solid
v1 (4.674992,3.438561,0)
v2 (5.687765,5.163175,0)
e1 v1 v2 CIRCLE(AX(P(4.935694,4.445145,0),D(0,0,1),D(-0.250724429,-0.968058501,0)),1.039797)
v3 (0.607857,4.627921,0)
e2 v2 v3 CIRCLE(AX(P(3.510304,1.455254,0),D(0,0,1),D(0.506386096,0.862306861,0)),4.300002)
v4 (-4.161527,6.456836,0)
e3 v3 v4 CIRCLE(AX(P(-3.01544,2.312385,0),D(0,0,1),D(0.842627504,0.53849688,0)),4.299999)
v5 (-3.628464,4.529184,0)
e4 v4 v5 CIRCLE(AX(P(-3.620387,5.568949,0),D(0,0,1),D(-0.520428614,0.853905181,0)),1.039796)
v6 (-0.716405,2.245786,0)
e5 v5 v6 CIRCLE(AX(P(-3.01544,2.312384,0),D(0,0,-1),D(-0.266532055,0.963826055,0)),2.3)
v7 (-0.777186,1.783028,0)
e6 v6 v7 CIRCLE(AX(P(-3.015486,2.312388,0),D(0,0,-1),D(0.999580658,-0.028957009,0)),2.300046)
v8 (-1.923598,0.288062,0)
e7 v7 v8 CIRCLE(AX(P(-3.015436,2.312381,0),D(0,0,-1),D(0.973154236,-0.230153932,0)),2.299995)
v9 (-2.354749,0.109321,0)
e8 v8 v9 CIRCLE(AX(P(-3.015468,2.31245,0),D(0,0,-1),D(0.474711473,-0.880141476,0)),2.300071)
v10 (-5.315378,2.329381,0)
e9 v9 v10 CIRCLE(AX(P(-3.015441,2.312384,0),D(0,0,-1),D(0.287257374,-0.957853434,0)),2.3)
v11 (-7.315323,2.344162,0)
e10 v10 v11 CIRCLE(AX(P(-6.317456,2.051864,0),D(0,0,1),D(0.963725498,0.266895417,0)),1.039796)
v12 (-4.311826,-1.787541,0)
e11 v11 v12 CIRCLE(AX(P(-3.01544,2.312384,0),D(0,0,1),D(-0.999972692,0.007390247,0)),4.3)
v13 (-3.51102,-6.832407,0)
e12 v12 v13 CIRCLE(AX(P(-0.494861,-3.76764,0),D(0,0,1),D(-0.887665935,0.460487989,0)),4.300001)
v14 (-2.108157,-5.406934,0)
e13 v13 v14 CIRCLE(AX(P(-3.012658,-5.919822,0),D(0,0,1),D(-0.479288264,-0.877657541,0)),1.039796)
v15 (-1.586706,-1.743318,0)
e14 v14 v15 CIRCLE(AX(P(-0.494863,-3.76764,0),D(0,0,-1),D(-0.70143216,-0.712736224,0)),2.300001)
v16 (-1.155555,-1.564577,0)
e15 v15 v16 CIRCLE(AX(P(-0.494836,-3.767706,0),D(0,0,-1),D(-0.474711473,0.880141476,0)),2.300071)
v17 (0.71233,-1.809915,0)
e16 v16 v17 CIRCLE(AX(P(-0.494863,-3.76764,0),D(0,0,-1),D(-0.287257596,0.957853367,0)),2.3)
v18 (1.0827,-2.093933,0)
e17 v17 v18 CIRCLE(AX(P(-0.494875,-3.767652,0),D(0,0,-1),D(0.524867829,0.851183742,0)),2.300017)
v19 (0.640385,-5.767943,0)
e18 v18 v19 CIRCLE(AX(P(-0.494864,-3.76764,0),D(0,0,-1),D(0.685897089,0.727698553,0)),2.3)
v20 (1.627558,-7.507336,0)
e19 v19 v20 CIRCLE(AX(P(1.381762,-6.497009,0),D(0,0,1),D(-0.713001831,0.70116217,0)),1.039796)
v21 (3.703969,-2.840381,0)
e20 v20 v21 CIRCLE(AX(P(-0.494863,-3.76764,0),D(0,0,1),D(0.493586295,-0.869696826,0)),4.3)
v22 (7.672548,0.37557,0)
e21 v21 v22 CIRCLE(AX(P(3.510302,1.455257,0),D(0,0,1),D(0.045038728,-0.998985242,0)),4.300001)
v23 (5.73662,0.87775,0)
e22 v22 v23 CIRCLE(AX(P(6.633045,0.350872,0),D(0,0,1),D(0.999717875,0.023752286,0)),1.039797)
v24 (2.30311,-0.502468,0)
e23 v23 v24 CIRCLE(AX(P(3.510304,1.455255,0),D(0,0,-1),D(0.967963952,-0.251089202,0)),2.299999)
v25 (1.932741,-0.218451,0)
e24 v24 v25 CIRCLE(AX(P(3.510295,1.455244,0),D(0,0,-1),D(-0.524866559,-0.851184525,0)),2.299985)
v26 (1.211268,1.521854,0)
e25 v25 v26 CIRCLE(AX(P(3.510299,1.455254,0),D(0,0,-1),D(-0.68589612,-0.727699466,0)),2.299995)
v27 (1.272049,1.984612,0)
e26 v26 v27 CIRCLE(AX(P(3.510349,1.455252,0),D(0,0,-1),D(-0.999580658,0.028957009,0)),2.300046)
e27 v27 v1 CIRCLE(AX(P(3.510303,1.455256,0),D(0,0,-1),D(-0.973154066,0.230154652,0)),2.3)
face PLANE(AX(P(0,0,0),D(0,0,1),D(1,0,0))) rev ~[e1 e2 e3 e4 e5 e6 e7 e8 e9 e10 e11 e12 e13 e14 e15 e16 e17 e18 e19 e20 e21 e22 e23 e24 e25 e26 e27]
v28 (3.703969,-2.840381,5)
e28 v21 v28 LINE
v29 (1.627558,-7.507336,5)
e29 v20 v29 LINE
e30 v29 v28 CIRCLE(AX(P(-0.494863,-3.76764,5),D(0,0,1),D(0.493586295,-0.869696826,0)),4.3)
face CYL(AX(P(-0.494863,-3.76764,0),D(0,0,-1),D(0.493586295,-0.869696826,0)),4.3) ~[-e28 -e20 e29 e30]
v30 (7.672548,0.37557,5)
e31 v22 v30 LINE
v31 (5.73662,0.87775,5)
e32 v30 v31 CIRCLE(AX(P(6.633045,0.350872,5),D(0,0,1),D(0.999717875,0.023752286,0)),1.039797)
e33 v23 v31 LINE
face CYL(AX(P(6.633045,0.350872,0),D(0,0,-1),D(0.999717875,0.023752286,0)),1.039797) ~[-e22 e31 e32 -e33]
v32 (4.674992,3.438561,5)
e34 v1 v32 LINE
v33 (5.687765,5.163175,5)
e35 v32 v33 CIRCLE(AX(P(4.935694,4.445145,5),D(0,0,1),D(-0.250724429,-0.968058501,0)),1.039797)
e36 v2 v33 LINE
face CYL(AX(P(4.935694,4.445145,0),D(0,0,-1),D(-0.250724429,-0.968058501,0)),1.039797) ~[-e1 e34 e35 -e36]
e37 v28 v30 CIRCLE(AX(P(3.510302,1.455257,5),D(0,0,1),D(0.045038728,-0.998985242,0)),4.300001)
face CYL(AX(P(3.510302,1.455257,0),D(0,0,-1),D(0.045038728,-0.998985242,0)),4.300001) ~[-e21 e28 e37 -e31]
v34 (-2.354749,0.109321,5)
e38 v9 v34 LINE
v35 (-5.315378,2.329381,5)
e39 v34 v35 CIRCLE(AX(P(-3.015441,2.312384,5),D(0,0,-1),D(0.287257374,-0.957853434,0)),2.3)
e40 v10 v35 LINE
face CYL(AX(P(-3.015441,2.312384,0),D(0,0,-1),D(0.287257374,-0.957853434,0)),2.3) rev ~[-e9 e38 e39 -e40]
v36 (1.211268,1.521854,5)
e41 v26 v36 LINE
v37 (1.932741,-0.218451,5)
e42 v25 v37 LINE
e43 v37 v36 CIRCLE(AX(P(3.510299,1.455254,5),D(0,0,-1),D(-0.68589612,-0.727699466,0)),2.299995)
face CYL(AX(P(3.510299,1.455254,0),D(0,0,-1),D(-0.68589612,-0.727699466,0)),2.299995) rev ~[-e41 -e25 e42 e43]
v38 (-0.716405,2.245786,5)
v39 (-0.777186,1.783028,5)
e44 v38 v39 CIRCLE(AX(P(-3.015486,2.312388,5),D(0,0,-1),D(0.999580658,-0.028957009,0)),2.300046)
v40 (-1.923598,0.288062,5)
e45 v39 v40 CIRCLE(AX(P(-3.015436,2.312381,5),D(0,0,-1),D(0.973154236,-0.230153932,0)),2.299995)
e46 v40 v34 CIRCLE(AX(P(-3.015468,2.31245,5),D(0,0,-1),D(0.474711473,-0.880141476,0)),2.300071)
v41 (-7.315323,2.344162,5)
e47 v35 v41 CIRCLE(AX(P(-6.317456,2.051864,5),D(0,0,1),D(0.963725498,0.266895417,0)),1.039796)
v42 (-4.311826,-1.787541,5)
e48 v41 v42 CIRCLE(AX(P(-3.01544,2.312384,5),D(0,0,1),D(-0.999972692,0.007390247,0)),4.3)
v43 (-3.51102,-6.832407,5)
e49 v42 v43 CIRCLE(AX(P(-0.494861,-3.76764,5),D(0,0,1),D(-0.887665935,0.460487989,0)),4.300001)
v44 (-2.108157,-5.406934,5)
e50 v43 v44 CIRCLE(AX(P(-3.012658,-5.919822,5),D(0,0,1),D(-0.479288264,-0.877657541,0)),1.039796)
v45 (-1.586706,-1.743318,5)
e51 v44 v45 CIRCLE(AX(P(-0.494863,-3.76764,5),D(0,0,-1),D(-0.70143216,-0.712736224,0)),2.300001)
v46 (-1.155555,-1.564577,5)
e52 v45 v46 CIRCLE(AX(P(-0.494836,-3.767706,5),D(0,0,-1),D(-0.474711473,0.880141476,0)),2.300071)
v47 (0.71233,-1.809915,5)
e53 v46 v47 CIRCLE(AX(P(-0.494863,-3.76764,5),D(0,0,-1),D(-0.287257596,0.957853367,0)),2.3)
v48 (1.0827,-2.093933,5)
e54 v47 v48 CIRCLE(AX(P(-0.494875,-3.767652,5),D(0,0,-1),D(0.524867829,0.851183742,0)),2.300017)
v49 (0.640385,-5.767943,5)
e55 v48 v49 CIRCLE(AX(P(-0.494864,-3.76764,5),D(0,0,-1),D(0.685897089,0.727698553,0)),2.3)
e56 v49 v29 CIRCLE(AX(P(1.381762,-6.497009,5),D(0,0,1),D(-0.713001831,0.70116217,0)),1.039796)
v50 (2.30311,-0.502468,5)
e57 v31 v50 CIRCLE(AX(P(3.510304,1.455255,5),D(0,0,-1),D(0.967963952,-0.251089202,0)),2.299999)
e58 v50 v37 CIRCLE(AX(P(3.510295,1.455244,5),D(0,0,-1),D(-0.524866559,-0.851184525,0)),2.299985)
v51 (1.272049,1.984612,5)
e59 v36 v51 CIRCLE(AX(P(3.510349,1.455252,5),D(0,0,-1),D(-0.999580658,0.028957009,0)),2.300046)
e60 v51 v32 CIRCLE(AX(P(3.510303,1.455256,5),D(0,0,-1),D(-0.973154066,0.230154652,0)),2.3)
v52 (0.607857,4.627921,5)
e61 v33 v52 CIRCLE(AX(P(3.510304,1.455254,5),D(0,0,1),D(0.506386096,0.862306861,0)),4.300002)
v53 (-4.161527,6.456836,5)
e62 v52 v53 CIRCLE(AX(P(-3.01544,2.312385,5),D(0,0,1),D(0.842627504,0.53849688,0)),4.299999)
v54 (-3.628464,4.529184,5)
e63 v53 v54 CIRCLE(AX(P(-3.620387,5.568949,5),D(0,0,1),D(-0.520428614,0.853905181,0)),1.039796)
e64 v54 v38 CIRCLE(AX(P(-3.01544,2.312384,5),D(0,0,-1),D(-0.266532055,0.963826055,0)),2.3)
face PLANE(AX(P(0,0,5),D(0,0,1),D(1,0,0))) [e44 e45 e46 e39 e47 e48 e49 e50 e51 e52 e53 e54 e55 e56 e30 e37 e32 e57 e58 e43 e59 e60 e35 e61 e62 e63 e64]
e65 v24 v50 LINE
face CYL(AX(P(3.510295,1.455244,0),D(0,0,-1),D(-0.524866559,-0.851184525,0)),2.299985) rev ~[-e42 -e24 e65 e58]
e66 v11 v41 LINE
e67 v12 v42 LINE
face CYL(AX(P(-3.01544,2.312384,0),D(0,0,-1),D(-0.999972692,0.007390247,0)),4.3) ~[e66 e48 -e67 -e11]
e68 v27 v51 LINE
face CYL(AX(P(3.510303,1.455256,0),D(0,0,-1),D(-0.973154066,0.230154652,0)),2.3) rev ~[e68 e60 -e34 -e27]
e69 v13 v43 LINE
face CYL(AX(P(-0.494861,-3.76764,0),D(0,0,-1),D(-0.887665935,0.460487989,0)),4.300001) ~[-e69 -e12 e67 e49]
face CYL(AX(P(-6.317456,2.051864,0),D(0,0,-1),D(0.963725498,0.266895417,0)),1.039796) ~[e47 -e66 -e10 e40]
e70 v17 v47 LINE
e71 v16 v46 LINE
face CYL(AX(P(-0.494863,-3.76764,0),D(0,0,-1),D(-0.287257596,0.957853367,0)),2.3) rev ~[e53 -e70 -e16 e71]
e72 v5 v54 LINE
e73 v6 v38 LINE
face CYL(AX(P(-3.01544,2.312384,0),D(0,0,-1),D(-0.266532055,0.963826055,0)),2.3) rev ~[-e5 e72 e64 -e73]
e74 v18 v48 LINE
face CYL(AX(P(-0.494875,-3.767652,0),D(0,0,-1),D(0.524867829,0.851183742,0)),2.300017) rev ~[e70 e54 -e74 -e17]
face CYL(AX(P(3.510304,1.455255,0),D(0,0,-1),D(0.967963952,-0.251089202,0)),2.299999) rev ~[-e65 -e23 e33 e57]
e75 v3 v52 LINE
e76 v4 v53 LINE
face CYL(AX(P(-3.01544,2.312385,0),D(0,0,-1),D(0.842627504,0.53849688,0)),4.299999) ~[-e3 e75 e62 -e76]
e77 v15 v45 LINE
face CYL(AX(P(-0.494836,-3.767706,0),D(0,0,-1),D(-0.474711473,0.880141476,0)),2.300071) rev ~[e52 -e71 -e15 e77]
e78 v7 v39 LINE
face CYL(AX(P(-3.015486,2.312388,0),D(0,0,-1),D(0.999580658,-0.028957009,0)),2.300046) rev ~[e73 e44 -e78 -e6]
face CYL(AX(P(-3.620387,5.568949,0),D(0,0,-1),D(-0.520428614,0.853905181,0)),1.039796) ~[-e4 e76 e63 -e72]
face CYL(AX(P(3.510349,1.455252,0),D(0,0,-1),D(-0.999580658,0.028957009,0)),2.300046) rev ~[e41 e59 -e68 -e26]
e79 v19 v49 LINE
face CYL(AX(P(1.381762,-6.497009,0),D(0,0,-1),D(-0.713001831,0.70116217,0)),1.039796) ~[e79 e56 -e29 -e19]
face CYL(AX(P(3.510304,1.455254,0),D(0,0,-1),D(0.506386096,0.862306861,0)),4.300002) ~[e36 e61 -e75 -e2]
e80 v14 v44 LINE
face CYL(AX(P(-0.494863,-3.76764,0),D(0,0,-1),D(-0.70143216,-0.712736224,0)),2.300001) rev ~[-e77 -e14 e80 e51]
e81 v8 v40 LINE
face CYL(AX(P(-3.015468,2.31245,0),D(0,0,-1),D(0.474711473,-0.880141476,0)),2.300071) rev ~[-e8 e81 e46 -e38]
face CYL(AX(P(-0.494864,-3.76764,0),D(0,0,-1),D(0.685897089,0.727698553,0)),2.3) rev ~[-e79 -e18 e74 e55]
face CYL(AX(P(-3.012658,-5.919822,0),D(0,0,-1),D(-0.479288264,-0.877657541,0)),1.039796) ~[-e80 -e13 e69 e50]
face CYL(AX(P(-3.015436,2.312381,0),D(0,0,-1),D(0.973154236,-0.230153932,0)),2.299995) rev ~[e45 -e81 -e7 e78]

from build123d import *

# Parameters (mm, degrees)
F1_DEPTH = 5


with BuildPart() as f1:
    # F0 (on Top) → F1 (new body)
    with BuildSketch(Plane.XY):
        with BuildLine():
            ThreePointArc((-2.354749, 0.109321), (-4.395277, 0.472261), (-5.315378, 2.329381))
            ThreePointArc((-5.315378, 2.329381), (-6.309771, 3.091632), (-7.315323, 2.344162))
            ThreePointArc((-7.315323, 2.344162), (-6.493557, -0.215996), (-4.311826, -1.787541))
            ThreePointArc((-4.311826, -1.787541), (-4.741691, -4.441768), (-3.51102, -6.832407))
            ThreePointArc((-3.51102, -6.832407), (-2.271557, -6.649168), (-2.108157, -5.406934))
            ThreePointArc((-2.108157, -5.406934), (-2.771914, -3.443542), (-1.586706, -1.743318))
            ThreePointArc((-1.586706, -1.743318), (-1.375676, -1.642983), (-1.155555, -1.564577))
            ThreePointArc((-1.155555, -1.564577), (-0.195341, -1.487226), (0.71233, -1.809915))
            ThreePointArc((0.71233, -1.809915), (0.904738, -1.942505), (1.0827, -2.093933))
            ThreePointArc((1.0827, -2.093933), (1.788648, -4.042552), (0.640385, -5.767943))
            ThreePointArc((0.640385, -5.767943), (0.477454, -7.010238), (1.627558, -7.507336))
            ThreePointArc((1.627558, -7.507336), (3.433836, -5.515588), (3.703969, -2.840381))
            ThreePointArc((3.703969, -2.840381), (6.21753, -1.885541), (7.672548, 0.37557))
            ThreePointArc((7.672548, 0.37557), (6.894127, 1.357358), (5.73662, 0.87775))
            ThreePointArc((5.73662, 0.87775), (4.368152, -0.678777), (2.30311, -0.502468))
            ThreePointArc((2.30311, -0.502468), (2.110703, -0.369879), (1.932741, -0.218451))
            ThreePointArc((1.932741, -0.218451), (1.385646, 0.574443), (1.211268, 1.521854))
            ThreePointArc((1.211268, 1.521854), (1.22989, 1.754778), (1.272049, 1.984612))
            ThreePointArc((1.272049, 1.984612), (2.606629, 3.570291), (4.674992, 3.438561))
            ThreePointArc((4.674992, 3.438561), (5.832318, 3.918606), (5.687765, 5.163175))
            ThreePointArc((5.687765, 5.163175), (3.059721, 5.731583), (0.607857, 4.627921))
            ThreePointArc((0.607857, 4.627921), (-1.475838, 6.327309), (-4.161527, 6.456836))
            ThreePointArc((-4.161527, 6.456836), (-4.62257, 5.29181), (-3.628464, 4.529184))
            ThreePointArc((-3.628464, 4.529184), (-1.596238, 4.122319), (-0.716405, 2.245786))
            ThreePointArc((-0.716405, 2.245786), (-0.735027, 2.012862), (-0.777186, 1.783028))
            ThreePointArc((-0.777186, 1.783028), (-1.190305, 0.912783), (-1.923598, 0.288062))
            ThreePointArc((-1.923598, 0.288062), (-2.134628, 0.187727), (-2.354749, 0.109321))
        make_face()
    extrude(amount=F1_DEPTH)


solid = f1.part
